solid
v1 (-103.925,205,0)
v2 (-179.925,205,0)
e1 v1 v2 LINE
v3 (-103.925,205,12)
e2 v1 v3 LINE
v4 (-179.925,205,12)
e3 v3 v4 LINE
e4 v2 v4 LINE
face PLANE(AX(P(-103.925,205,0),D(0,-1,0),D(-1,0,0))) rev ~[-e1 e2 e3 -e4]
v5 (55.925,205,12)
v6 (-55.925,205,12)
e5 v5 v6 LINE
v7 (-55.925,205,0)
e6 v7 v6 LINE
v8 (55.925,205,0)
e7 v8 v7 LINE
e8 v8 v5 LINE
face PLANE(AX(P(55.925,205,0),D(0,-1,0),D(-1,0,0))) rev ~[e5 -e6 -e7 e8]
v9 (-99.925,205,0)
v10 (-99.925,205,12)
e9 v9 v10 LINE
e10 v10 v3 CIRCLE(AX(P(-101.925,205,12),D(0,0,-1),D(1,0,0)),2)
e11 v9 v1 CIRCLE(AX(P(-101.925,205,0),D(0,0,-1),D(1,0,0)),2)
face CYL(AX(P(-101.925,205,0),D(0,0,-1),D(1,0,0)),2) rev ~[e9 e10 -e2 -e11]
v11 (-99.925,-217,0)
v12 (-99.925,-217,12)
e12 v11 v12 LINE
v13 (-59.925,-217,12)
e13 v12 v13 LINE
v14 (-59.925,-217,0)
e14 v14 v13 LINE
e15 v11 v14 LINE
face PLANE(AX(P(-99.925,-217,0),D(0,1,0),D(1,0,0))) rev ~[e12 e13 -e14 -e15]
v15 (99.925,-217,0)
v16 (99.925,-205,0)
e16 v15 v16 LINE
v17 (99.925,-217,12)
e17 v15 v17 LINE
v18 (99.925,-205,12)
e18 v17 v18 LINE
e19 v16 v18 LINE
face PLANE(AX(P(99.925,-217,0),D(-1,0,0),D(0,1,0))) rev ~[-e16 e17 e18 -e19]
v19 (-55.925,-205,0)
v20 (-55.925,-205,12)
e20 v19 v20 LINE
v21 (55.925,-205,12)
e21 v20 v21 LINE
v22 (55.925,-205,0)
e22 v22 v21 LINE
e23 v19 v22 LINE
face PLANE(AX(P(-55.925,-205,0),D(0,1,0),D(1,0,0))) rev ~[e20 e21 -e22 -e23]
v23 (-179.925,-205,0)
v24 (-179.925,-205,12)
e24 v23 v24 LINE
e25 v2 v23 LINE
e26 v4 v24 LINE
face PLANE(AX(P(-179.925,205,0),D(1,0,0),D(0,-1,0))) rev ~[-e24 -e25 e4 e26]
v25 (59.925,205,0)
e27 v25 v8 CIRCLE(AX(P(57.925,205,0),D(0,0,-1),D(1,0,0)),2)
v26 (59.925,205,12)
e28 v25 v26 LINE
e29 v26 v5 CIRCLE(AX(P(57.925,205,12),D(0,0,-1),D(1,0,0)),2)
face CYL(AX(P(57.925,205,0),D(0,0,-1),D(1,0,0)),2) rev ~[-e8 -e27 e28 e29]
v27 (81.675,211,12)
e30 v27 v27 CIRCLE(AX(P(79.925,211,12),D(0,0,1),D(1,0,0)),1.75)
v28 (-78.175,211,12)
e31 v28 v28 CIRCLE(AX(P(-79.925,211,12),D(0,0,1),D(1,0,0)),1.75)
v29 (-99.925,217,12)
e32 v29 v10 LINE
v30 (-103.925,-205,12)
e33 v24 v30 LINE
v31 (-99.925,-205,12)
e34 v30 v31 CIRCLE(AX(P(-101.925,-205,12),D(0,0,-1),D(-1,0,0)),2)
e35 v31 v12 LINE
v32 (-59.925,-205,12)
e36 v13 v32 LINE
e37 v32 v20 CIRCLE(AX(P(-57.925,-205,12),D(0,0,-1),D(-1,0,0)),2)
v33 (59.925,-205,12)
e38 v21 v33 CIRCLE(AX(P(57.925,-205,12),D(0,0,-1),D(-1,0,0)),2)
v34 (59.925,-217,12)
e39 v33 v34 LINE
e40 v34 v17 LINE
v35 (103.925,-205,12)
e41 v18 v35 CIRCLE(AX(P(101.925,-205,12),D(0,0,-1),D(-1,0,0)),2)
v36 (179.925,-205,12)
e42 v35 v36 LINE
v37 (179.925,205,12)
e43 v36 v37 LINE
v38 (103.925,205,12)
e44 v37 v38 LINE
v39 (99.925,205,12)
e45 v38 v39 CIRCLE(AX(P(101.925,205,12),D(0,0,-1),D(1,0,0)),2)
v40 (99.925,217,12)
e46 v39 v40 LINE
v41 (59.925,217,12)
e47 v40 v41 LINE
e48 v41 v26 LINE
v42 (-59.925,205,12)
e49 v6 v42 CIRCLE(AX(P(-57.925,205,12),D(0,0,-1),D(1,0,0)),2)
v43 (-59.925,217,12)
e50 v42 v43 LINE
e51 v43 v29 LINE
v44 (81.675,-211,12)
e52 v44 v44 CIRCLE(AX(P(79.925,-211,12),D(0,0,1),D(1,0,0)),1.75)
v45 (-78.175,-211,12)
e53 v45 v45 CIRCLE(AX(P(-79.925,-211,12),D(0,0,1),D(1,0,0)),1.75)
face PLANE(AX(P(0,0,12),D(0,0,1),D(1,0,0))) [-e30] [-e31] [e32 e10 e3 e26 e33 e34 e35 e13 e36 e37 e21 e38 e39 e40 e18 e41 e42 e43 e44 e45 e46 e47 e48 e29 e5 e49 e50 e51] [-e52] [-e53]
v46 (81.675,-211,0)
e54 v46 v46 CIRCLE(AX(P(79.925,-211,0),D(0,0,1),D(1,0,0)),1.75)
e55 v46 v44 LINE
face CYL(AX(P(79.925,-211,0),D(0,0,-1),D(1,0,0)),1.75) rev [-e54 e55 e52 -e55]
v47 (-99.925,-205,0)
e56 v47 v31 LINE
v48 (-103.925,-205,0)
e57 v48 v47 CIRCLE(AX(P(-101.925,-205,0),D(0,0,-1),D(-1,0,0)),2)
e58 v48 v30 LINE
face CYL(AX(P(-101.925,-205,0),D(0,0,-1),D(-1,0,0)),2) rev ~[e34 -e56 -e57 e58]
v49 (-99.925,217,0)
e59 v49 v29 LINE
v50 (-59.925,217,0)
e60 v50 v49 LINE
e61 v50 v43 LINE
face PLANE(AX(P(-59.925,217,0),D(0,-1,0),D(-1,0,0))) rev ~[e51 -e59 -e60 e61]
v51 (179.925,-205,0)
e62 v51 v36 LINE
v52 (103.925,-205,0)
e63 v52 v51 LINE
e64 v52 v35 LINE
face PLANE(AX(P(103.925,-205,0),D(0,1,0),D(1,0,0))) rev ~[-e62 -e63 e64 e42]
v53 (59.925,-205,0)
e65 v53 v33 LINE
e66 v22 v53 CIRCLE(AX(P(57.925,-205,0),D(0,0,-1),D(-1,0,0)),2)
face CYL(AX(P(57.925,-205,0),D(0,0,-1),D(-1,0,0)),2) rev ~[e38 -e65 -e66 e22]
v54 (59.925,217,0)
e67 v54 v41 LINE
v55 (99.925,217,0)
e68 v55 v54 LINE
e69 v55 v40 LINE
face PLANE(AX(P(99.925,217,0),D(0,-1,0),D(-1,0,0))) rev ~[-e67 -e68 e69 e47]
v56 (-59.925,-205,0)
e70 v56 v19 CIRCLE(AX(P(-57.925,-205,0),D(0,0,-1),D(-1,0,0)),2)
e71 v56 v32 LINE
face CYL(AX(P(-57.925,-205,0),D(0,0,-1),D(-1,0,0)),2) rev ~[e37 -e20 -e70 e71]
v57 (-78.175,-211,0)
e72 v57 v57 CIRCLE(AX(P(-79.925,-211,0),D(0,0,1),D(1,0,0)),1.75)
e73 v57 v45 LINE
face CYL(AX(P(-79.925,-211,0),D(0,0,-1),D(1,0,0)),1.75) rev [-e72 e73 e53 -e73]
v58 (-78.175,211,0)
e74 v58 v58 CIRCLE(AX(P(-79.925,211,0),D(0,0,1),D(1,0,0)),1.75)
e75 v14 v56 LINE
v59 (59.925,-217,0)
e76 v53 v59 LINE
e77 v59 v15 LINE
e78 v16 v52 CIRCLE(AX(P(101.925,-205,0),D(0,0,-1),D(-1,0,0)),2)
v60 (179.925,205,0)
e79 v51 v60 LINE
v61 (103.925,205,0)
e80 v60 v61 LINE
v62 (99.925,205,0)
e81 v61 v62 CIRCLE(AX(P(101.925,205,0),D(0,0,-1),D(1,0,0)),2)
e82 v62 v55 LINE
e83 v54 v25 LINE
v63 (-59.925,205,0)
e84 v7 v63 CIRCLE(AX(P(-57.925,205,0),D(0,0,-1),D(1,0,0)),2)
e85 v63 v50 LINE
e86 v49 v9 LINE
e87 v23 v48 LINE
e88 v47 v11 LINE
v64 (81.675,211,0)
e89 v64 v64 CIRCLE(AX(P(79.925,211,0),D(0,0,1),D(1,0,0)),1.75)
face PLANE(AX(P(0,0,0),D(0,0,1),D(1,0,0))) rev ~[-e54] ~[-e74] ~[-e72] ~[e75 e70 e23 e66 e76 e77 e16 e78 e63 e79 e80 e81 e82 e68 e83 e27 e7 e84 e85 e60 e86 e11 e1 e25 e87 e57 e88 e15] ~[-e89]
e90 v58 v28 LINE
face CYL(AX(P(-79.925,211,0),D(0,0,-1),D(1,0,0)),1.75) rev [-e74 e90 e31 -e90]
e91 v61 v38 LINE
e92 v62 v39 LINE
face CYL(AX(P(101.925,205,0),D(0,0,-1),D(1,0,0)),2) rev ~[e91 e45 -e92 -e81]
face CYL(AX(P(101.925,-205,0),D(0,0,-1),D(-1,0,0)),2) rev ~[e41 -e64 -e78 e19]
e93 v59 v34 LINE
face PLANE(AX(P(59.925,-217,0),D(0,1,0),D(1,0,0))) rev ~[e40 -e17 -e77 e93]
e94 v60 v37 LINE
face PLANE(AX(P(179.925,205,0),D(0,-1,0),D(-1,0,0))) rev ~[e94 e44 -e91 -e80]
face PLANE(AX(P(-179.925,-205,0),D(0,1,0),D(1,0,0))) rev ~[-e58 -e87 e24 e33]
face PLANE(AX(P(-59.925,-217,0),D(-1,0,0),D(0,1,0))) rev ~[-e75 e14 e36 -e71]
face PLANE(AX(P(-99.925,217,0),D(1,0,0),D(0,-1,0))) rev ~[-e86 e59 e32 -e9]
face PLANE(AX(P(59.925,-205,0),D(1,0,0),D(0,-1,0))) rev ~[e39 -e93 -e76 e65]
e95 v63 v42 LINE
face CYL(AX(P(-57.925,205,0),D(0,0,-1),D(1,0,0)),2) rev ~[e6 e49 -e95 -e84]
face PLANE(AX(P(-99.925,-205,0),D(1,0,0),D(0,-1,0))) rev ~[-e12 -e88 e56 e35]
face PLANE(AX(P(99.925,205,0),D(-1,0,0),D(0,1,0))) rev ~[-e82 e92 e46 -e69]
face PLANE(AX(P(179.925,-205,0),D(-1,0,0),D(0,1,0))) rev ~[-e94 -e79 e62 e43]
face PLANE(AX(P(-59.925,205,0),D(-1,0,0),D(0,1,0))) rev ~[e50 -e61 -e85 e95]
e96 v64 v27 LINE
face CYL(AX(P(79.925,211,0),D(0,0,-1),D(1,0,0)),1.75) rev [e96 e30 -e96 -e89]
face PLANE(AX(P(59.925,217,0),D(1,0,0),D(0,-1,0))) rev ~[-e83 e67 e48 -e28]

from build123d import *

# Parameters (mm, degrees)
F0_R     = 1.75
F1_DEPTH = 12


with BuildPart() as f1:
    # F0 (on Top) → F1 (new body)
    with BuildSketch(Plane.XY):
        with BuildLine():
            Line((-179.925, 205), (-179.925, 0))
            Line((-179.925, 0), (-179.925, -205))
            Line((-179.925, -205), (-103.925, -205))
            ThreePointArc((-103.925, -205), (-101.925, -203), (-99.925, -205))
            Line((-99.925, -205), (-99.925, -217))
            Line((-99.925, -217), (-59.925, -217))
            Line((-59.925, -217), (-59.925, -205))
            ThreePointArc((-59.925, -205), (-57.925, -203), (-55.925, -205))
            Line((-55.925, -205), (0, -205))
            Line((0, -205), (55.925, -205))
            ThreePointArc((55.925, -205), (57.925, -203), (59.925, -205))
            Line((59.925, -205), (59.925, -217))
            Line((59.925, -217), (99.925, -217))
            Line((99.925, -217), (99.925, -205))
            ThreePointArc((99.925, -205), (101.925, -203), (103.925, -205))
            Line((103.925, -205), (179.925, -205))
            Line((179.925, -205), (179.925, 0))
            Line((179.925, 0), (179.925, 205))
            Line((179.925, 205), (103.925, 205))
            ThreePointArc((103.925, 205), (101.925, 203), (99.925, 205))
            Line((99.925, 205), (99.925, 217))
            Line((99.925, 217), (59.925, 217))
            Line((59.925, 217), (59.925, 205))
            ThreePointArc((59.925, 205), (57.925, 203), (55.925, 205))
            Line((55.925, 205), (0, 205))
            Line((0, 205), (-55.925, 205))
            ThreePointArc((-55.925, 205), (-57.925, 203), (-59.925, 205))
            Line((-59.925, 205), (-59.925, 217))
            Line((-59.925, 217), (-99.925, 217))
            Line((-99.925, 217), (-99.925, 205))
            ThreePointArc((-99.925, 205), (-101.925, 203), (-103.925, 205))
            Line((-103.925, 205), (-179.925, 205))
        make_face()
        with Locations((-79.925, -211)):
            Circle(F0_R, mode=Mode.SUBTRACT)
        with Locations((79.925, -211)):
            Circle(F0_R, mode=Mode.SUBTRACT)
        with Locations((-79.925, 211)):
            Circle(F0_R, mode=Mode.SUBTRACT)
        with Locations((79.925, 211)):
            Circle(F0_R, mode=Mode.SUBTRACT)
    extrude(amount=F1_DEPTH)


solid = f1.part
